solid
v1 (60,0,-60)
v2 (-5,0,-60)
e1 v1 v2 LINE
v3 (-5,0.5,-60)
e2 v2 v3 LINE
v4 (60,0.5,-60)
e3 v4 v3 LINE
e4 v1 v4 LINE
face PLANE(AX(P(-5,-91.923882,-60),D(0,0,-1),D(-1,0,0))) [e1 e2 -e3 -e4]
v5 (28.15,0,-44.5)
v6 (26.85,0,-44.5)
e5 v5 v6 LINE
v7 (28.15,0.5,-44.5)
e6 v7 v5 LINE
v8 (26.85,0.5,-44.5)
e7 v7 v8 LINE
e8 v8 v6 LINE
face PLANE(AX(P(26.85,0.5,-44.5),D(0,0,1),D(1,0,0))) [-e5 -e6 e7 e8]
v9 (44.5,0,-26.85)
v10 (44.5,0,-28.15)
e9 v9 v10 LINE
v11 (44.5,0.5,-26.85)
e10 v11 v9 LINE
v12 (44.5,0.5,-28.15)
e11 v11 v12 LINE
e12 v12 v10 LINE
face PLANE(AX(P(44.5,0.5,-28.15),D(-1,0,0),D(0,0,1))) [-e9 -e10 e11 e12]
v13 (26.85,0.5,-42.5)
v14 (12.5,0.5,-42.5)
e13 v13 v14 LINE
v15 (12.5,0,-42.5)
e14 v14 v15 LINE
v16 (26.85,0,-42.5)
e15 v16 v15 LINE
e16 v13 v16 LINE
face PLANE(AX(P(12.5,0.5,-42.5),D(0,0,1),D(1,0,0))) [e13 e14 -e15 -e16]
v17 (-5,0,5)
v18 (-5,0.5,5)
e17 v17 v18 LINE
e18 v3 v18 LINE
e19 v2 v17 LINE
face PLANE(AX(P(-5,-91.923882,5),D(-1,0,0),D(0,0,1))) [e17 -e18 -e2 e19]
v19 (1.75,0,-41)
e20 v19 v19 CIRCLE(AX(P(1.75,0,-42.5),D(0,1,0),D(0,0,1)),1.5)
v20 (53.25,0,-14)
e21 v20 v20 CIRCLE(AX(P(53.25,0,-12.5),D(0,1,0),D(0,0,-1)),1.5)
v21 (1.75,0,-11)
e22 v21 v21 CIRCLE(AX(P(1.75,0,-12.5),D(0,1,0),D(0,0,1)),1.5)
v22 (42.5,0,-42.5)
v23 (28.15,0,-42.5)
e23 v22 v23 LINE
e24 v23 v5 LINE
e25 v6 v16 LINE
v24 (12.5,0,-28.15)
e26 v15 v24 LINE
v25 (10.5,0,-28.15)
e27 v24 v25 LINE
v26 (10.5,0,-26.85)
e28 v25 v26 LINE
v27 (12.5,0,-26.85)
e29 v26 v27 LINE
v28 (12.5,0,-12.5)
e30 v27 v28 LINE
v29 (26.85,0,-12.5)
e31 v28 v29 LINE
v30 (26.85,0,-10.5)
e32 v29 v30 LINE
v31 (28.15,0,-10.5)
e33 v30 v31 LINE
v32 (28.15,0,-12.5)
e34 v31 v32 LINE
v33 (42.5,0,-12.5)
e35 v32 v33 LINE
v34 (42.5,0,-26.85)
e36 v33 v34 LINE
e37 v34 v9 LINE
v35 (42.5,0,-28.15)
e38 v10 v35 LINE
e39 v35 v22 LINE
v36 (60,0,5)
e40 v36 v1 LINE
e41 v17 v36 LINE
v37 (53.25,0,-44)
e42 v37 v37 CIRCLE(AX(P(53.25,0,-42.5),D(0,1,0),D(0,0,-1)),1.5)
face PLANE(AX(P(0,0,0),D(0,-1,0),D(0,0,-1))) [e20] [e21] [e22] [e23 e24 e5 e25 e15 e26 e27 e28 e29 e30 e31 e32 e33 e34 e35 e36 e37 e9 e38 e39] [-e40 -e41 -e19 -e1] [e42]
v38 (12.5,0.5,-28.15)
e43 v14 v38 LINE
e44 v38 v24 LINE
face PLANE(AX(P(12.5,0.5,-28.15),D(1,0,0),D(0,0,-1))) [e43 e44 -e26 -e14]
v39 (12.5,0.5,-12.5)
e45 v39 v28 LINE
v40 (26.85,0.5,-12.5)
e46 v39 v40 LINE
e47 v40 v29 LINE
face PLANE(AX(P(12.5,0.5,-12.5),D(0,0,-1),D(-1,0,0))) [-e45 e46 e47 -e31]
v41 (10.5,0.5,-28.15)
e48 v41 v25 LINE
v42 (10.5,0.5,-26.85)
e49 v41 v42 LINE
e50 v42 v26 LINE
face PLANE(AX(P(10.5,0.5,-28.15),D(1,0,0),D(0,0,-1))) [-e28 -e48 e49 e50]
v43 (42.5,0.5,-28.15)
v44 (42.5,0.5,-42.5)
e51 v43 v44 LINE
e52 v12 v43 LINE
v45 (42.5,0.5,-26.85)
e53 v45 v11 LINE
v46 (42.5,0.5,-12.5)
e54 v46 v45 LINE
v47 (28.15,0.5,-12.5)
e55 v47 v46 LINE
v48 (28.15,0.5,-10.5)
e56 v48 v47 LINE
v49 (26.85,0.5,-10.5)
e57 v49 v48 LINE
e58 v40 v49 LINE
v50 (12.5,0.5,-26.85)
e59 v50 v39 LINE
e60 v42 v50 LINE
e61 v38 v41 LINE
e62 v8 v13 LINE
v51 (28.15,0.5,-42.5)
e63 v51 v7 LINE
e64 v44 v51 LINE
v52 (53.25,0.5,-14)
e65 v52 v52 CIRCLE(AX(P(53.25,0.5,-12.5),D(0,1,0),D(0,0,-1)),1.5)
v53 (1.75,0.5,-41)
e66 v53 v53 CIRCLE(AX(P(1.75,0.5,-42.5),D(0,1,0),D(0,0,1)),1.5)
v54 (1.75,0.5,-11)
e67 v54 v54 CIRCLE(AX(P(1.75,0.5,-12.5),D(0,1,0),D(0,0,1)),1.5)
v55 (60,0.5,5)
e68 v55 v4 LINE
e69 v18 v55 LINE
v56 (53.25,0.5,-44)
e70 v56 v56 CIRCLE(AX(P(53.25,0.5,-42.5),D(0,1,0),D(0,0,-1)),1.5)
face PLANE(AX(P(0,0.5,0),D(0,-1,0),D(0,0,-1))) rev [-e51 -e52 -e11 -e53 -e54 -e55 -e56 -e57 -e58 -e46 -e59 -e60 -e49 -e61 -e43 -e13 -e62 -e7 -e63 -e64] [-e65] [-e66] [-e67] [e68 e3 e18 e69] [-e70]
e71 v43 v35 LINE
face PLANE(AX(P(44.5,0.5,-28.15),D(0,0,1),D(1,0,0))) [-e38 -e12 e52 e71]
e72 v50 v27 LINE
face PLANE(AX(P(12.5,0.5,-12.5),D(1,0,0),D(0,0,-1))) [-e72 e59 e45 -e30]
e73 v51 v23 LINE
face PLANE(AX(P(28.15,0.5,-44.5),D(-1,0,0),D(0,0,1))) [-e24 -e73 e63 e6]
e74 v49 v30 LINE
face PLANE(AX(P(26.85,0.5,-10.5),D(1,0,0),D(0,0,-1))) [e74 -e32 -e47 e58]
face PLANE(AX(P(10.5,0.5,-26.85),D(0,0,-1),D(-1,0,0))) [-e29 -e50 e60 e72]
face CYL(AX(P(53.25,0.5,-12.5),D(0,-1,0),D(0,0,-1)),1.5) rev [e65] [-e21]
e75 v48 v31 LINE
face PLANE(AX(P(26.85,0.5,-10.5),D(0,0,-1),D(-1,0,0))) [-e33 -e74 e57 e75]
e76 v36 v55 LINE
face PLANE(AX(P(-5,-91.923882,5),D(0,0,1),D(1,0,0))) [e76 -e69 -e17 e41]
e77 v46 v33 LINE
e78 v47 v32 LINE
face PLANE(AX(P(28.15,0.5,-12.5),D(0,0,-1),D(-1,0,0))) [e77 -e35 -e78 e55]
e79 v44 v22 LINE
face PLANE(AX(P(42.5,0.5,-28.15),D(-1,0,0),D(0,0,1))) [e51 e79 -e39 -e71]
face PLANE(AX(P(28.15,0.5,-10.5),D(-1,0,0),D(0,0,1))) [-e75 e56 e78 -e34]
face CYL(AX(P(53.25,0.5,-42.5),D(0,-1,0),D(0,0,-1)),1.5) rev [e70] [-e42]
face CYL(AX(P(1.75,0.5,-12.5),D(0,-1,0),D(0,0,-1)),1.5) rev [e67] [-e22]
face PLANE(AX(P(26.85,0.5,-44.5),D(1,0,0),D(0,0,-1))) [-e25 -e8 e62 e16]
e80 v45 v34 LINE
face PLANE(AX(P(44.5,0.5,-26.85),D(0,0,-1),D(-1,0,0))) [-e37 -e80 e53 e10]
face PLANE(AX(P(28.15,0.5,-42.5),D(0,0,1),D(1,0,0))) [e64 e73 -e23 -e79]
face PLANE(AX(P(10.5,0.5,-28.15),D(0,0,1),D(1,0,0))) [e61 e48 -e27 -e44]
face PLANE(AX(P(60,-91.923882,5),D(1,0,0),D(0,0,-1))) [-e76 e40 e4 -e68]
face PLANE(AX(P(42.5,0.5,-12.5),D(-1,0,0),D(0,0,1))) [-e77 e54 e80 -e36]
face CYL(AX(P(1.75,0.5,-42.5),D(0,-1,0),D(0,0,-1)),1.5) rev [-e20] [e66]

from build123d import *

# Parameters (mm, degrees)
CROQUIS1_W              = 55
CROQUIS1_H              = 55
CROQUIS1_R              = 1.5
SALIENTE_EXTRUIR1_DEPTH = 0.5
CROQUIS2_W              = 65
CROQUIS2_H              = 65
CROQUIS2_W_2            = 55
CROQUIS2_H_2            = 55
SALIENTE_EXTRUIR2_DEPTH = 0.5


with BuildPart() as part:
    # Croquis1 → Saliente-Extruir1 (new body)
    with BuildSketch(Plane(origin=(0, 0, 0), x_dir=(1, 0, 0), z_dir=(0, 1, 0))):
        with Locations((27.5, 27.5)):
            Rectangle(CROQUIS1_W, CROQUIS1_H)
        with Locations(Location((1.75, 42.5, 0), (0, 0, 270))):
            Circle(CROQUIS1_R, mode=Mode.SUBTRACT)
        with Locations(Location((1.75, 12.5, 0), (0, 0, 270))):
            Circle(CROQUIS1_R, mode=Mode.SUBTRACT)
        with Locations(Location((53.25, 42.5, 0), (0, 0, 90))):
            Circle(CROQUIS1_R, mode=Mode.SUBTRACT)
        with Locations(Location((53.25, 12.5, 0), (0, 0, 90))):
            Circle(CROQUIS1_R, mode=Mode.SUBTRACT)
        Polygon((12.5, 12.5), (26.85, 12.5), (26.85, 10.5), (28.15, 10.5), (28.15, 12.5), (42.5, 12.5), (42.5, 26.85), (44.5, 26.85), (44.5, 28.15), (42.5, 28.15), (42.5, 42.5), (28.15, 42.5), (28.15, 44.5), (26.85, 44.5), (26.85, 42.5), (12.5, 42.5), (12.5, 28.15), (10.5, 28.15), (10.5, 26.85), (12.5, 26.85), align=None, mode=Mode.SUBTRACT)
    extrude(amount=SALIENTE_EXTRUIR1_DEPTH)

    # Croquis2 → Saliente-Extruir2 (add)
    with BuildSketch(Plane(origin=(0, 0.5, 0), x_dir=(1, 0, 0), z_dir=(0, 1, 0))):
        with Locations((27.5, 27.5)):
            Rectangle(CROQUIS2_W, CROQUIS2_H)
        with Locations((27.5, 27.5)):
            Rectangle(CROQUIS2_W_2, CROQUIS2_H_2, mode=Mode.SUBTRACT)
    extrude(amount=-SALIENTE_EXTRUIR2_DEPTH)


solid = part.part
